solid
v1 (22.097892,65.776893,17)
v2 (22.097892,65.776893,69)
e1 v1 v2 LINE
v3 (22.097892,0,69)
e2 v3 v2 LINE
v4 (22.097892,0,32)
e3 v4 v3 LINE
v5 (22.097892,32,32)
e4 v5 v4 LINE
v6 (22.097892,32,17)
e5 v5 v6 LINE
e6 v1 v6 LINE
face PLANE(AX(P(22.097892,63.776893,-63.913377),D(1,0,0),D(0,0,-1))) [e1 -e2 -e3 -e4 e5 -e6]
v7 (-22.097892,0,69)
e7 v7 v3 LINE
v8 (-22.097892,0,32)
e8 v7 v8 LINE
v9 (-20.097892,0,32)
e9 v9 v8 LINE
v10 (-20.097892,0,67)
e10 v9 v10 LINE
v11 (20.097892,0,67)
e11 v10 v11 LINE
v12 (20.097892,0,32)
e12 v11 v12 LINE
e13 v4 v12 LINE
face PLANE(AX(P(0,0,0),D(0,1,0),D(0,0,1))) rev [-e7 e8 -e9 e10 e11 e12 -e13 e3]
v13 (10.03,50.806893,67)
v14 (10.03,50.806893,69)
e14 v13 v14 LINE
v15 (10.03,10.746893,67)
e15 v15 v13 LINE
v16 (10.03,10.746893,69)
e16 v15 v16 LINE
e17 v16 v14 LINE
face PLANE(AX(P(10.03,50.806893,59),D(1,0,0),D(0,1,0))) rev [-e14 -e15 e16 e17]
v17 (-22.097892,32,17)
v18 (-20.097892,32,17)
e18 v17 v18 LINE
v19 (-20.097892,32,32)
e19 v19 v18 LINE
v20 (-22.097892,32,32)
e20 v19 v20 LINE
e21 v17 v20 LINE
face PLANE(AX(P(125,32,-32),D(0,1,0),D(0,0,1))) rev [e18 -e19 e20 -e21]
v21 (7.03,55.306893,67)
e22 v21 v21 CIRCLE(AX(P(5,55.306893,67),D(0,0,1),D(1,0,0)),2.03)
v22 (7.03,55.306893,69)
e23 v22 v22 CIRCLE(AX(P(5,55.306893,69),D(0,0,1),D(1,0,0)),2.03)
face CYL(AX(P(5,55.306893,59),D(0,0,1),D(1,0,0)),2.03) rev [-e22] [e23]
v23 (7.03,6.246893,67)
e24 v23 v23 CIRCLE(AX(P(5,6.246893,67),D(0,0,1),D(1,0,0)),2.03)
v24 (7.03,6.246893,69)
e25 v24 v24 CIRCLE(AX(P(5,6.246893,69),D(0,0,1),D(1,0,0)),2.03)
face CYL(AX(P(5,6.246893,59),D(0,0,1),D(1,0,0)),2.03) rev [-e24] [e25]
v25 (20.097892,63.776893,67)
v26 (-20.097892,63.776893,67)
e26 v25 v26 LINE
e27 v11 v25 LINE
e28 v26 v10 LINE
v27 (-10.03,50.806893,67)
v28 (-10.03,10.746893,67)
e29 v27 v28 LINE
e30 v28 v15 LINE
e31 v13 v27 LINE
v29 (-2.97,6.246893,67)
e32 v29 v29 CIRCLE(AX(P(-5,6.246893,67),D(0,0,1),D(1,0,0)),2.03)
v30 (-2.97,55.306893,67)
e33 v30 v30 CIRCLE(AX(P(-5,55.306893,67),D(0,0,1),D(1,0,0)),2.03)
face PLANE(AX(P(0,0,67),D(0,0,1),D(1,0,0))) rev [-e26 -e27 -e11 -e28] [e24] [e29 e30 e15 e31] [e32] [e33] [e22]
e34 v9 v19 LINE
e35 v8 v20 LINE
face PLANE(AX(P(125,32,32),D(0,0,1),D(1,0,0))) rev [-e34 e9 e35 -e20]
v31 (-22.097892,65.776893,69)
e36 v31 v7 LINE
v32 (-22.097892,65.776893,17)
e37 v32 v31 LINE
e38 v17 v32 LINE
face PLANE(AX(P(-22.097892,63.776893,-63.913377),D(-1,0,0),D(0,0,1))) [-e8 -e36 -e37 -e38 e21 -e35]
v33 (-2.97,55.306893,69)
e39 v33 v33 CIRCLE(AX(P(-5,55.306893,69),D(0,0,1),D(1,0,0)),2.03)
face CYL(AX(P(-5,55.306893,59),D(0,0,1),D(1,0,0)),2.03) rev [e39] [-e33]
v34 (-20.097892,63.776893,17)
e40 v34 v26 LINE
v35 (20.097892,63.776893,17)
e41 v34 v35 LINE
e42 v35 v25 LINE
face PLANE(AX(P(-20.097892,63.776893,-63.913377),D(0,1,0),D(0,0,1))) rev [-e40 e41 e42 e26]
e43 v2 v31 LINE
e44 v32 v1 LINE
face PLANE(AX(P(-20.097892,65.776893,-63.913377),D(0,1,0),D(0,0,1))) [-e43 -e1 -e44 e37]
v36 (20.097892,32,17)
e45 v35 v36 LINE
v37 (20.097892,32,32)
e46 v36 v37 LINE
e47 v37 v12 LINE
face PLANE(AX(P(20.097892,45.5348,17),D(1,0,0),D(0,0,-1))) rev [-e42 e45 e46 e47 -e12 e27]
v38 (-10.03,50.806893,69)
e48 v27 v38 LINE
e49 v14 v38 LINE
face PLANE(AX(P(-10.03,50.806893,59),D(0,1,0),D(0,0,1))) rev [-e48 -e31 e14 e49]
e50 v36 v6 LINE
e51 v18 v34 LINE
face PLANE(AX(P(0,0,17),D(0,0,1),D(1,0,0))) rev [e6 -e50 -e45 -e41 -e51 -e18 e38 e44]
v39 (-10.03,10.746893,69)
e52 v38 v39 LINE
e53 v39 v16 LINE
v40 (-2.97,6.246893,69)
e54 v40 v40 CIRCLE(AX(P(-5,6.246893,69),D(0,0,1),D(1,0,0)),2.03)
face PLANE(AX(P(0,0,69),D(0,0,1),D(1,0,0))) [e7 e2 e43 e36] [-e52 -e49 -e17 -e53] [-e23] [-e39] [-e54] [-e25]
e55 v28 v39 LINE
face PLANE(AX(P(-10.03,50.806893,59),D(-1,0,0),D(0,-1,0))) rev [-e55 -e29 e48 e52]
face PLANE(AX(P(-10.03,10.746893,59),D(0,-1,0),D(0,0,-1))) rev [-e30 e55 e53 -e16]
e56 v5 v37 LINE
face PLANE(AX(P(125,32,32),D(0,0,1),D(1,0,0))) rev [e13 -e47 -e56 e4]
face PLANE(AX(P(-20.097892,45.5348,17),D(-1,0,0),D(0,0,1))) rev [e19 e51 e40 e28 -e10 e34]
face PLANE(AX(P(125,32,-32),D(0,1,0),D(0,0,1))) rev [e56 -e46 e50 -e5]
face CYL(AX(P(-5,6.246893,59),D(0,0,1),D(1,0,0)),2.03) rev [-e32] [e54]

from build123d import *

# Parameters (mm, degrees)
SKETCH1_W                       = 184
SKETCH1_H                       = 64
SKETCH1_W_2                     = 180
SKETCH1_H_2                     = 60
EXTRUDE_THIN1_DEPTH             = 30
SKETCH3_W                       = 184
SKETCH3_H                       = 64
BOSS_EXTRUDE1_DEPTH             = 2
SKETCH4_W                       = 174.419493498
SKETCH4_H                       = 4
CUT_EXTRUDE1_DEPTH              = 5
SKETCH5_W                       = 40.195784268
SKETCH5_H                       = 59.069599678
CUT_EXTRUDE2_DEPTH              = 15
SKETCH6_W                       = 44.195784268
SKETCH6_H                       = 67.776893145
SKETCH6_W_2                     = 40.195784268
SKETCH6_H_2                     = 63.776893145
EXTRUDE_THIN2_DEPTH             = 35
EXTRUDE_THIN2_DIRECTION_2_REACH = 118.55
SKETCH7_W                       = 128.018506196
SKETCH7_H                       = 58.604777903
CUT_EXTRUDE3_DEPTH              = 85
SKETCH8_W                       = 13
SKETCH8_H                       = 30
CUT_EXTRUDE4_DEPTH              = 85
SKETCH9_W                       = 44.195784268
SKETCH9_H                       = 65.776893145
BOSS_EXTRUDE2_DEPTH             = 2
SKETCH13_W                      = 20.06
SKETCH13_H                      = 40.06
CUT_EXTRUDE6_DEPTH              = 10
SKETCH18_R                      = 2.03
CUT_EXTRUDE8_DEPTH              = 10
SKETCH19_W                      = 50
SKETCH19_H                      = 40
CUT_EXTRUDE9_DEPTH              = 10
SKETCH20_R                      = 2.03
CUT_EXTRUDE10_DEPTH             = 10
SKETCH21_W                      = 64
SKETCH21_H                      = 32
CUT_EXTRUDE11_DEPTH             = 217


with BuildPart() as part:
    # Sketch1 → Extrude-Thin1 (new body)
    with BuildSketch(Plane(origin=(0, 0, 0), x_dir=(1, 0, 0), z_dir=(0, 1, 0))):
        Rectangle(SKETCH1_W, SKETCH1_H)
        Rectangle(SKETCH1_W_2, SKETCH1_H_2, mode=Mode.SUBTRACT)
    extrude(amount=EXTRUDE_THIN1_DEPTH)

    # Sketch3 → Boss-Extrude1 (add)
    with BuildSketch(Plane(origin=(0, 30, 0), x_dir=(1, 0, 0), z_dir=(0, 1, 0))):
        Rectangle(SKETCH3_W, SKETCH3_H)
    extrude(amount=BOSS_EXTRUDE1_DEPTH)

    # Sketch4 → Cut-Extrude1 (cut)
    with BuildSketch(Plane(origin=(0, 32, 0), x_dir=(1, 0, 0), z_dir=(0, 1, 0))):
        with Locations((0, -2)):
            Rectangle(SKETCH4_W, SKETCH4_H)
    extrude(amount=-CUT_EXTRUDE1_DEPTH, mode=Mode.SUBTRACT)

    # Sketch5 → Cut-Extrude2 (cut)
    with BuildSketch(Plane.XY.offset(32)):
        with Locations((0, 16)):
            Rectangle(SKETCH5_W, SKETCH5_H)
    extrude(amount=-CUT_EXTRUDE2_DEPTH, mode=Mode.SUBTRACT)

    # Sketch6 → Extrude-Thin2 (add)
    with BuildSketch(Plane.XY.offset(32)):
        with Locations((0, 31.888446573)):
            Rectangle(SKETCH6_W, SKETCH6_H)
        with Locations((0, 31.888446573)):
            Rectangle(SKETCH6_W_2, SKETCH6_H_2, mode=Mode.SUBTRACT)
    extrude(amount=EXTRUDE_THIN2_DEPTH)

    # Extrude-Thin2 direction 2: up to this face of the body (flat: up to its plane)
    extrude_thin2_direction_2_end = Plane(part.part.faces().sort_by_distance((0, 31, 17))[0])
    # Sketch6 → Extrude-Thin2 direction 2 (add, up to the picked face)
    with BuildSketch(Plane.XY.offset(32), mode=Mode.PRIVATE) as extrude_thin2_direction_2_sk1:
        with Locations((0, 31.888446573)):
            Rectangle(SKETCH6_W, SKETCH6_H)
        with Locations((0, 31.888446573)):
            Rectangle(SKETCH6_W_2, SKETCH6_H_2, mode=Mode.SUBTRACT)
    extrude_thin2_direction_2_tool1 = split(extrude(extrude_thin2_direction_2_sk1.sketch, amount=-EXTRUDE_THIN2_DIRECTION_2_REACH, mode=Mode.PRIVATE), bisect_by=extrude_thin2_direction_2_end, keep=Keep.BOTH, mode=Mode.PRIVATE)
    add(extrude_thin2_direction_2_tool1.solids().sort_by(Axis((0, -1.190866, 32), (0, 0, -1)))[0])

    # Sketch7 → Cut-Extrude3 (cut)
    with BuildSketch(Plane.XZ):
        with Locations((2.364457898, 44.353486129)):
            Rectangle(SKETCH7_W, SKETCH7_H)
    extrude(amount=CUT_EXTRUDE3_DEPTH, mode=Mode.SUBTRACT)

    # Sketch8 → Cut-Extrude4 (cut)
    with BuildSketch(Plane.ZY.offset(22.097892134)):
        with Locations((23.5, 15)):
            Rectangle(SKETCH8_W, SKETCH8_H)
    extrude(amount=-CUT_EXTRUDE4_DEPTH, mode=Mode.SUBTRACT)

    # Sketch9 → Boss-Extrude2 (add)
    with BuildSketch(Plane.XY.offset(67)):
        with Locations((0, 32.888446573)):
            Rectangle(SKETCH9_W, SKETCH9_H)
    extrude(amount=BOSS_EXTRUDE2_DEPTH)

    # Sketch13 → Cut-Extrude6 (cut)
    with BuildSketch(Plane.XY.offset(69)):
        with Locations((0, 30.776893145)):
            Rectangle(SKETCH13_W, SKETCH13_H)
    extrude(amount=-CUT_EXTRUDE6_DEPTH, mode=Mode.SUBTRACT)

    # Sketch18 → Cut-Extrude8 (cut)
    with BuildSketch(Plane.XY.offset(69)):
        with Locations((-5, 6.246893145)):
            Circle(SKETCH18_R)
        with Locations((5, 6.246893145)):
            Circle(SKETCH18_R)
    extrude(amount=-CUT_EXTRUDE8_DEPTH, mode=Mode.SUBTRACT)

    # Sketch19 → Cut-Extrude9 (cut)
    with BuildSketch(Plane.XY.offset(32)):
        with Locations((57.048946067, 0)):
            Rectangle(SKETCH19_W, SKETCH19_H)
    extrude(amount=-CUT_EXTRUDE9_DEPTH, mode=Mode.SUBTRACT)

    # Sketch20 → Cut-Extrude10 (cut)
    with BuildSketch(Plane.XY.offset(69)):
        with Locations((-5, 55.306893145)):
            Circle(SKETCH20_R)
        with Locations((5, 55.306893145)):
            Circle(SKETCH20_R)
    extrude(amount=-CUT_EXTRUDE10_DEPTH, mode=Mode.SUBTRACT)

    # Sketch21 → Cut-Extrude11 (cut)
    with BuildSketch(Plane.ZY.offset(92)):
        with Locations((0, 16)):
            Rectangle(SKETCH21_W, SKETCH21_H)
    extrude(amount=-CUT_EXTRUDE11_DEPTH, mode=Mode.SUBTRACT)


solid = part.part
